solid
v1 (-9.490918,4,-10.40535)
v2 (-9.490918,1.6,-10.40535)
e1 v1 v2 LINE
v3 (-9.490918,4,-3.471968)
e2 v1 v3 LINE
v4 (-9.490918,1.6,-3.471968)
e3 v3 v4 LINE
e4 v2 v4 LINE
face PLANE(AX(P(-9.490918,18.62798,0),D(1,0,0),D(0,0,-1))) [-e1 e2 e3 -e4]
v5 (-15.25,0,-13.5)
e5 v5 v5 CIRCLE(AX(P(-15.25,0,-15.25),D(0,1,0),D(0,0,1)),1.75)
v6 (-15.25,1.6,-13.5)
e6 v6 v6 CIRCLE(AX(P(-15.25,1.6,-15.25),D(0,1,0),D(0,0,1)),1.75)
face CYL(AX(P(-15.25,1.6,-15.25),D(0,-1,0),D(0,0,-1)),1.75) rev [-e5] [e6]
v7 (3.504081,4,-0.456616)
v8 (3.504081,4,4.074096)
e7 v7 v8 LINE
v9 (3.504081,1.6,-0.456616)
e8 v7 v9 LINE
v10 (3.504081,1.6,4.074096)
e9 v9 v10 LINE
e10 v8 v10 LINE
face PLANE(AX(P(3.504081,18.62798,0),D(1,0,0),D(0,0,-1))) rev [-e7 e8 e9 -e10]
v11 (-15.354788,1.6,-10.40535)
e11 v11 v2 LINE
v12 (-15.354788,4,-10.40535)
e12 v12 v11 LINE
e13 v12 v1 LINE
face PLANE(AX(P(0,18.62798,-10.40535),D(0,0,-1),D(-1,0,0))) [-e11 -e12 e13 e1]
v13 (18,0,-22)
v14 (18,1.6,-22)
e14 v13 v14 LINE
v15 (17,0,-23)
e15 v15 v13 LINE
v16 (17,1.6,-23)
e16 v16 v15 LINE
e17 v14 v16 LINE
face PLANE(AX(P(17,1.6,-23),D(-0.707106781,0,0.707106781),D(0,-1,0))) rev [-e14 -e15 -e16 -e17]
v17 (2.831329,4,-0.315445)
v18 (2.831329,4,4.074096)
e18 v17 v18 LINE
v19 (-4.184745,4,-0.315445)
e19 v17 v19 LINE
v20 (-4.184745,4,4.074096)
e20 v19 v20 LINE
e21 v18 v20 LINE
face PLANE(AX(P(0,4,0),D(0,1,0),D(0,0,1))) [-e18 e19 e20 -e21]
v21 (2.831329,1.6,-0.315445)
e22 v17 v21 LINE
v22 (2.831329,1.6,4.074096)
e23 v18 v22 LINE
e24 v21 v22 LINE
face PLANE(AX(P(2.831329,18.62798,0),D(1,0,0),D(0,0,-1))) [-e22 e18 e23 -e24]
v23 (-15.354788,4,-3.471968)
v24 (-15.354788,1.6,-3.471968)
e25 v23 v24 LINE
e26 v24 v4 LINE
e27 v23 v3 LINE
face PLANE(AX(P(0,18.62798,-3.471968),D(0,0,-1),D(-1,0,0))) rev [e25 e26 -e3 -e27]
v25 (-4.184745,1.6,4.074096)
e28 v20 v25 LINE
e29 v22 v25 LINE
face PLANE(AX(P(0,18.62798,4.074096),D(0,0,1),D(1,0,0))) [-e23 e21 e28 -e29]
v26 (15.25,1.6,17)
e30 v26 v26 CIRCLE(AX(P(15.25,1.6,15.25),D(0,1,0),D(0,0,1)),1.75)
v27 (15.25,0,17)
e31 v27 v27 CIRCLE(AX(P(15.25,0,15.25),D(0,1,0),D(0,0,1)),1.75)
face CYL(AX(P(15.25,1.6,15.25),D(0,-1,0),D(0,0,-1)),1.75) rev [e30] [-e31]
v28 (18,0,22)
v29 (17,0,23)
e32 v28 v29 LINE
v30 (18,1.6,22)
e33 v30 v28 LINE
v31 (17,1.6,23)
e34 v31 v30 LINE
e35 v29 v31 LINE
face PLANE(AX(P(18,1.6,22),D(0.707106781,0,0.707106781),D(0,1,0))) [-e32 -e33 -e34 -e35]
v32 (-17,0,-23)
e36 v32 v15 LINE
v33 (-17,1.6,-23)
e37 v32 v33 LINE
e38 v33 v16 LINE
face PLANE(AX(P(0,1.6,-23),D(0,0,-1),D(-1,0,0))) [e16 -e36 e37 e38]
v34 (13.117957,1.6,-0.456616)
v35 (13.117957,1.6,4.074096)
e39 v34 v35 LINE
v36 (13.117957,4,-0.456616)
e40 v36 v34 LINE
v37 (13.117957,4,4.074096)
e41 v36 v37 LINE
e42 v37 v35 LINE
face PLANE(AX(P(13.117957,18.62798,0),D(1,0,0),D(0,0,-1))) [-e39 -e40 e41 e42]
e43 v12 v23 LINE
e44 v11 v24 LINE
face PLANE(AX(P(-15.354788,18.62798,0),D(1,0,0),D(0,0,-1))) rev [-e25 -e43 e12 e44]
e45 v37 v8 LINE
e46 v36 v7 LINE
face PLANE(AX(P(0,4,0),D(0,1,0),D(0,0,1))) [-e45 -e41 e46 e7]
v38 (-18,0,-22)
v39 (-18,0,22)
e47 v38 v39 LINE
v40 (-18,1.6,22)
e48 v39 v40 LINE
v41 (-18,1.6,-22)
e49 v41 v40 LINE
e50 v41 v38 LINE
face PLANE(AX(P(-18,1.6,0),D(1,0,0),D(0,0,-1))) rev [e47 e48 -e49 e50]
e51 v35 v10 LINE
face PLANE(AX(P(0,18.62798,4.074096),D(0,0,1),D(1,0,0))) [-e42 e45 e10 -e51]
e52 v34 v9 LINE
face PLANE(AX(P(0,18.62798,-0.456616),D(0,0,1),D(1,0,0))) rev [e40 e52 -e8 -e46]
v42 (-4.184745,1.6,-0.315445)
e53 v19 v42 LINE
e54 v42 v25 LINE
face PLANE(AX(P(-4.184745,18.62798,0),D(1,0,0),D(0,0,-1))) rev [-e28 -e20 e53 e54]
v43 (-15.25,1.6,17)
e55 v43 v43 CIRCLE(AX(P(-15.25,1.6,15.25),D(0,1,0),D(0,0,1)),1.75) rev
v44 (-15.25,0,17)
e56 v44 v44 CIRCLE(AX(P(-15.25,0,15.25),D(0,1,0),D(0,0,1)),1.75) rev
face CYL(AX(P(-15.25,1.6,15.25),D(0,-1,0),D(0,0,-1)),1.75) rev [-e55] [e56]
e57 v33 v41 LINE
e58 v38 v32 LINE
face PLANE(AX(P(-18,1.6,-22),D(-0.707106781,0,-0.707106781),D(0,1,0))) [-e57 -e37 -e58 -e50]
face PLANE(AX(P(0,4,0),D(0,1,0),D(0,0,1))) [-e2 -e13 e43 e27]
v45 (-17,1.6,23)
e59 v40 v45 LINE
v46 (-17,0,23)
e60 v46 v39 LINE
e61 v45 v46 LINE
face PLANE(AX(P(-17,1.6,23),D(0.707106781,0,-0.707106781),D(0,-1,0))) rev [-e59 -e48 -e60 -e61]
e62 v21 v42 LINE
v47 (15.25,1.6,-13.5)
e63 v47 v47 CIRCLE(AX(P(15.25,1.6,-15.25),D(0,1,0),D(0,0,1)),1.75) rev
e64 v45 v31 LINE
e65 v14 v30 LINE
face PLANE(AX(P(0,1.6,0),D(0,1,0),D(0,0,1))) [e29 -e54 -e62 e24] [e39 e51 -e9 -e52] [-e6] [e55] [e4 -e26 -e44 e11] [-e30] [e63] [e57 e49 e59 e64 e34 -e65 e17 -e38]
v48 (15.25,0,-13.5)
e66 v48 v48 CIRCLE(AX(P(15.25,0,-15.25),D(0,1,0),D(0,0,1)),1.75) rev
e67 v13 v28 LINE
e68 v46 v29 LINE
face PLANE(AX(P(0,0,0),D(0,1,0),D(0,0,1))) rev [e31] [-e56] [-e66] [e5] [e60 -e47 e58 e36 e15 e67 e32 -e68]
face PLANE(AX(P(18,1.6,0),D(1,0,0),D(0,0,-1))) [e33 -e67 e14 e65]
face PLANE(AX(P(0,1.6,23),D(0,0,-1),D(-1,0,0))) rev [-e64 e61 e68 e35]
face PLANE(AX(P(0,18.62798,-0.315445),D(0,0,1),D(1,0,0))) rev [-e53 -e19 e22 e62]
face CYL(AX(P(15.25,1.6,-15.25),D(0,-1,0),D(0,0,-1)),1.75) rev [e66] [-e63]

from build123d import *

# Parameters (mm, degrees)
SKETCH1_W        = 36
SKETCH1_H        = 5
SKETCH1_H_2      = 36
SKETCH1_R        = 1.75
PCB_DEPTH        = 1.6
SKETCH2_W        = 5.863870515
SKETCH2_H        = 6.933382723
SKETCH2_W_2      = 7.016073618
SKETCH2_H_2      = 4.389541424
SKETCH2_W_3      = 9.613875512
SKETCH2_H_3      = 4.530712508
COMPONENTS_DEPTH = 2.4
CORNERS_SIZE     = 1


with BuildPart() as part:
    # Sketch1 → PCB (new body)
    # profile 1 of 3: a face of its own
    with BuildSketch(Plane(origin=(0, 0, 0), x_dir=(1, 0, 0), z_dir=(0, 1, 0))):
        with Locations((0, 20.5)):
            Rectangle(SKETCH1_W, SKETCH1_H)
    # profile 2 of 3: a face of its own
    with BuildSketch(Plane(origin=(0, 0, 0), x_dir=(1, 0, 0), z_dir=(0, 1, 0))):
        Rectangle(SKETCH1_W, SKETCH1_H_2)
        with Locations(Location((-15.25, -15.25, 0), (0, 0, 270))):
            Circle(SKETCH1_R, mode=Mode.SUBTRACT)
        with Locations(Location((15.25, -15.25, 0), (0, 0, 270))):
            Circle(SKETCH1_R, mode=Mode.SUBTRACT)
        with Locations(Location((-15.25, 15.25, 0), (0, 0, 270))):
            Circle(SKETCH1_R, mode=Mode.SUBTRACT)
        with Locations(Location((15.25, 15.25, 0), (0, 0, 270))):
            Circle(SKETCH1_R, mode=Mode.SUBTRACT)
    # profile 3 of 3: a face of its own
    with BuildSketch(Plane(origin=(0, 0, 0), x_dir=(1, 0, 0), z_dir=(0, 1, 0))):
        with Locations((0, -20.5)):
            Rectangle(SKETCH1_W, SKETCH1_H)
    extrude(amount=PCB_DEPTH)

    # Sketch2 → Components (add)
    with BuildSketch(Plane(origin=(0, 1.6, 0), x_dir=(1, 0, 0), z_dir=(0, 1, 0))):
        with Locations((-12.422852881, 6.938659117)):
            Rectangle(SKETCH2_W, SKETCH2_H)
        with Locations((-0.676707896, -1.879325534)):
            Rectangle(SKETCH2_W_2, SKETCH2_H_2)
        with Locations((8.311019041, -1.808739992)):
            Rectangle(SKETCH2_W_3, SKETCH2_H_3)
    extrude(amount=COMPONENTS_DEPTH)

    # Corners
    corners_edges = [part.edges().sort_by_distance(p)[0] for p in [
        (-18, 0.8, -23),
        (18, 0.8, -23),
        (18, 0.8, 23),
        (-18, 0.8, 23),
    ]]
    chamfer(corners_edges, length=CORNERS_SIZE)


solid = part.part
